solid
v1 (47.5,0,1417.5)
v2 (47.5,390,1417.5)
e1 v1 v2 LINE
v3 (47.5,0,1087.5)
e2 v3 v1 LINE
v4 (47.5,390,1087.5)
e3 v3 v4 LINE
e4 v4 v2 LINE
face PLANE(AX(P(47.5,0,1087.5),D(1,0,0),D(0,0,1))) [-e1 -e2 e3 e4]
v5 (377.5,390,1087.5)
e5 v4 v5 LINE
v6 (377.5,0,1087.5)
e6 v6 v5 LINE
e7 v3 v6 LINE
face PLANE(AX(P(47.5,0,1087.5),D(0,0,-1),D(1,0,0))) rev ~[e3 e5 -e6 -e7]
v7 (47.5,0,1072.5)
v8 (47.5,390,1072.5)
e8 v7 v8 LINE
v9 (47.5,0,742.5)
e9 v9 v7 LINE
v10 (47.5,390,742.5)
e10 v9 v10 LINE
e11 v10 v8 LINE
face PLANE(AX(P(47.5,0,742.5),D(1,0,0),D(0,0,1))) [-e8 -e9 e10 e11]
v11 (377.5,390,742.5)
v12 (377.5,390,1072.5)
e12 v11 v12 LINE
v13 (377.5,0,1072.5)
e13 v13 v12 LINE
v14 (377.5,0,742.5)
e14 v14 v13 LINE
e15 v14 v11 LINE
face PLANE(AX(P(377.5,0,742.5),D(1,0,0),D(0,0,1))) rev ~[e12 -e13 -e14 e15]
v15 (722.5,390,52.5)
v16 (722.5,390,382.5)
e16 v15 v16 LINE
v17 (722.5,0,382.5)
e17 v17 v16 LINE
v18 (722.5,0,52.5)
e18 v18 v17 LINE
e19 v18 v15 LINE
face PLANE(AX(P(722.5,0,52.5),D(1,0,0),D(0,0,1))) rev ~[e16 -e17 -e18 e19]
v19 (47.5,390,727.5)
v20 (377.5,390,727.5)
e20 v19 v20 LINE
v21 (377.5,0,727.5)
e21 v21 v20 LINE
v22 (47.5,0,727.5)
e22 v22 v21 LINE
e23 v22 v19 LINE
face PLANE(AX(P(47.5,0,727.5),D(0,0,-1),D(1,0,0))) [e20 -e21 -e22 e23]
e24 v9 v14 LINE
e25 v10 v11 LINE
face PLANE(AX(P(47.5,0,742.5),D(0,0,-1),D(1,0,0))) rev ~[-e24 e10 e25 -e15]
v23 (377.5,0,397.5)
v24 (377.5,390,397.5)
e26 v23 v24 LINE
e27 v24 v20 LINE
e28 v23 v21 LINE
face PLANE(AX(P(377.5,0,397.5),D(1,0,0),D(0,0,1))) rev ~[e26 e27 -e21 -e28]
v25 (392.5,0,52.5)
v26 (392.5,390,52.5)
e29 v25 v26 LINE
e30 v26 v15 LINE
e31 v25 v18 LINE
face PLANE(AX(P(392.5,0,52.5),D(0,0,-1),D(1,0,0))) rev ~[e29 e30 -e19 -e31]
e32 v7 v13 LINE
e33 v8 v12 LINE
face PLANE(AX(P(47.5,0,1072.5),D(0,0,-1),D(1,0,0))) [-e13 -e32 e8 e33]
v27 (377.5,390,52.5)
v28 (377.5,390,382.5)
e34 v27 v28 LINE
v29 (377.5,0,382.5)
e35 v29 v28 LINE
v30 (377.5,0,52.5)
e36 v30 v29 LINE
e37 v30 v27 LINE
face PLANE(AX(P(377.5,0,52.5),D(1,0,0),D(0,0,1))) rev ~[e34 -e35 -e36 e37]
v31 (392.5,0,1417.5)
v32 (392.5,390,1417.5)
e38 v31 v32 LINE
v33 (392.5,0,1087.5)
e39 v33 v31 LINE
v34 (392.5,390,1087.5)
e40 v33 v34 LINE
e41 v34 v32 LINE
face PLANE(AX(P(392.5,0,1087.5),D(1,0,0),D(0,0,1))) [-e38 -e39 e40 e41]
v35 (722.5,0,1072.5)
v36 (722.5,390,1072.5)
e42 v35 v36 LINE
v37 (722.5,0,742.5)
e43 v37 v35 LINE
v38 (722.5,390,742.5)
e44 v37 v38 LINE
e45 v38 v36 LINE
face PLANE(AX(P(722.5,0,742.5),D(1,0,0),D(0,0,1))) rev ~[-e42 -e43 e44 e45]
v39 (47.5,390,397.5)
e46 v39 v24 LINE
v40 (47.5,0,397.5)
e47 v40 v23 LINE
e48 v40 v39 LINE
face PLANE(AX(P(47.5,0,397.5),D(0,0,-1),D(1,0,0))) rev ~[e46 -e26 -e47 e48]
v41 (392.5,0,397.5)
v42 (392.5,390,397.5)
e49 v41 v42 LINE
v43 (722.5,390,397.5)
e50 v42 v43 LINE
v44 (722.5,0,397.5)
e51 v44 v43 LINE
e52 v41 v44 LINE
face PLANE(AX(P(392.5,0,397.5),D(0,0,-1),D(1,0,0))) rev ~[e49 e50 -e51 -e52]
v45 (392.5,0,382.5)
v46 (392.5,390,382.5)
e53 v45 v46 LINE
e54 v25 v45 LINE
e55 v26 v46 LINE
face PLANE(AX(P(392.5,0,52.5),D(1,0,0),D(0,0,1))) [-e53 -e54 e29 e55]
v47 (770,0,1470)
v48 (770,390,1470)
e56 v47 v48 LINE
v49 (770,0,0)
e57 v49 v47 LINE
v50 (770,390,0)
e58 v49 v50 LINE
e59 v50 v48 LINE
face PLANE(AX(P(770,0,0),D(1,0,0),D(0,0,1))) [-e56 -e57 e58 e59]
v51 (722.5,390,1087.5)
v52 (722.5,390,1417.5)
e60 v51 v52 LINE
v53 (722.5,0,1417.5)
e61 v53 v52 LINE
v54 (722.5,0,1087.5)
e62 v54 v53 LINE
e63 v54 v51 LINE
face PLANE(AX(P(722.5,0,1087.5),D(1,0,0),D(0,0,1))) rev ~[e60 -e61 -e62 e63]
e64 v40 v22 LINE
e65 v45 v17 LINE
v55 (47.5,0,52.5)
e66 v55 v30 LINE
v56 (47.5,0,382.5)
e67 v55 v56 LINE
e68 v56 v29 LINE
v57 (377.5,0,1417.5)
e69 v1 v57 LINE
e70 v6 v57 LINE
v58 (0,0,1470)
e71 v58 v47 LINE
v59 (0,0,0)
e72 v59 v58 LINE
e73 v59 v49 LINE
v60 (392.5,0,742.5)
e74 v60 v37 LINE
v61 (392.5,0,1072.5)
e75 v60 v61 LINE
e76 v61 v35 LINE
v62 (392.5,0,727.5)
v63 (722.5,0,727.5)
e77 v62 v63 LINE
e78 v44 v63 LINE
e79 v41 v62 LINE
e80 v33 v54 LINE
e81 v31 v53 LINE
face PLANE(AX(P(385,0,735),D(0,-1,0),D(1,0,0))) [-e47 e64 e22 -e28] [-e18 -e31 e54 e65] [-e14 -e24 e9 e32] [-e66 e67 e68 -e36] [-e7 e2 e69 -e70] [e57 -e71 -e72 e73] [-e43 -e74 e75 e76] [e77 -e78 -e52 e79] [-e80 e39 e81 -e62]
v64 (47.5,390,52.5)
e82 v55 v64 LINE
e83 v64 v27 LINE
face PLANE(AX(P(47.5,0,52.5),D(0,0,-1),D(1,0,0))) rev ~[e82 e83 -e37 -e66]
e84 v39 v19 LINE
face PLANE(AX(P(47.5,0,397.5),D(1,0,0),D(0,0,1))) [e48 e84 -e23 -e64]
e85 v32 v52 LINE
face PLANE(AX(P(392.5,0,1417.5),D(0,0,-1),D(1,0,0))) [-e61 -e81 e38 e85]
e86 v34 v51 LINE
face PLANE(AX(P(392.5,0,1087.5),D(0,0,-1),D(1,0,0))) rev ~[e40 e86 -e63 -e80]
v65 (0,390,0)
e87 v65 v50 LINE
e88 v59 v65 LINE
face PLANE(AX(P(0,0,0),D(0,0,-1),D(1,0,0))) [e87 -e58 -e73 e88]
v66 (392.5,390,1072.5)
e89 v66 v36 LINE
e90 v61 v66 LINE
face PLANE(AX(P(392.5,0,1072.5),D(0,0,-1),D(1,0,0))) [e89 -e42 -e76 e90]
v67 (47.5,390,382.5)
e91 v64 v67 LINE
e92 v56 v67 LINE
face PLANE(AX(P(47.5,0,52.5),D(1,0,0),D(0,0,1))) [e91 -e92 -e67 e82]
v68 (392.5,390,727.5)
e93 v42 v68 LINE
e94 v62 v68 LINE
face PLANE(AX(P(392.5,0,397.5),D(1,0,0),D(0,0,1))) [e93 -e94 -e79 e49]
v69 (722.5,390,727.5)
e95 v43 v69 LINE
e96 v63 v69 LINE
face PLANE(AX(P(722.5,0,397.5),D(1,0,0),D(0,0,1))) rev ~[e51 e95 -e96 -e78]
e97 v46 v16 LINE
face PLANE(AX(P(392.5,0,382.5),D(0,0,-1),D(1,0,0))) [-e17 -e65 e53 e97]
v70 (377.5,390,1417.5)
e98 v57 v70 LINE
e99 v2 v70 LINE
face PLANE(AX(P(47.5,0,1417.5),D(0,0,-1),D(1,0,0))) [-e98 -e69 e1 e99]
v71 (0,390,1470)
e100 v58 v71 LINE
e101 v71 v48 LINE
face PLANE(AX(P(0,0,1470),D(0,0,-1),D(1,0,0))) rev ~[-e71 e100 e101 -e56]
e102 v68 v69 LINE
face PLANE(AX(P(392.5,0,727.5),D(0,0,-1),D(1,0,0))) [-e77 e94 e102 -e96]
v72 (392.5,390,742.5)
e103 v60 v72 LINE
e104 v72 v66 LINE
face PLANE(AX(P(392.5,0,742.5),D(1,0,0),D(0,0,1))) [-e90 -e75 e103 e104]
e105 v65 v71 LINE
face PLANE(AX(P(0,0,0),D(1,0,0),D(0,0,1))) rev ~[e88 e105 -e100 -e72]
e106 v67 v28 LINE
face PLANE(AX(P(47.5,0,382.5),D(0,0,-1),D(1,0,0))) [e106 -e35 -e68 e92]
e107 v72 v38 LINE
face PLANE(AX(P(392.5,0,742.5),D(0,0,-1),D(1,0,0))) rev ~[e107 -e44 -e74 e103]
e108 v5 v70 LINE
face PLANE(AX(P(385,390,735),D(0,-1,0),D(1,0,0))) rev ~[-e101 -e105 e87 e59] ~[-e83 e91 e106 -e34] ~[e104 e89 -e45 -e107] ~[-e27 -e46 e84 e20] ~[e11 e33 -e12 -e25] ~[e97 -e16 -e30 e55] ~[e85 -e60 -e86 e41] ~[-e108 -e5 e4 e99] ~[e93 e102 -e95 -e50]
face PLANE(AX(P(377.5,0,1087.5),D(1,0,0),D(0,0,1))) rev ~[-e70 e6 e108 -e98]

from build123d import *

# Parameters (mm, degrees)
F0_W     = 770
F0_H     = 1470
F1_DEPTH = 390
F2_W     = 330
F2_H     = 330
F3_DEPTH = 390


with BuildPart() as f1:
    # F0 (on Front) → F1 (new body)
    with BuildSketch(Plane.XZ):
        with Locations((385, 735)):
            Rectangle(F0_W, F0_H)
    extrude(amount=-F1_DEPTH)

    # F2 (on face) → F3 (cut, through all)
    with BuildSketch(Plane.XZ):
        with Locations((212.5, 562.5)):
            Rectangle(F2_W, F2_H)
        with Locations((557.5, 562.5)):
            Rectangle(F2_W, F2_H)
        with Locations((557.5, 907.5)):
            Rectangle(F2_W, F2_H)
        with Locations((212.5, 907.5)):
            Rectangle(F2_W, F2_H)
        with Locations((212.5, 1252.5)):
            Rectangle(F2_W, F2_H)
        with Locations((557.5, 1252.5)):
            Rectangle(F2_W, F2_H)
        with Locations((212.5, 217.5)):
            Rectangle(F2_W, F2_H)
        with Locations((557.5, 217.5)):
            Rectangle(F2_W, F2_H)
    extrude(amount=-F3_DEPTH, mode=Mode.SUBTRACT)


solid = f1.part
